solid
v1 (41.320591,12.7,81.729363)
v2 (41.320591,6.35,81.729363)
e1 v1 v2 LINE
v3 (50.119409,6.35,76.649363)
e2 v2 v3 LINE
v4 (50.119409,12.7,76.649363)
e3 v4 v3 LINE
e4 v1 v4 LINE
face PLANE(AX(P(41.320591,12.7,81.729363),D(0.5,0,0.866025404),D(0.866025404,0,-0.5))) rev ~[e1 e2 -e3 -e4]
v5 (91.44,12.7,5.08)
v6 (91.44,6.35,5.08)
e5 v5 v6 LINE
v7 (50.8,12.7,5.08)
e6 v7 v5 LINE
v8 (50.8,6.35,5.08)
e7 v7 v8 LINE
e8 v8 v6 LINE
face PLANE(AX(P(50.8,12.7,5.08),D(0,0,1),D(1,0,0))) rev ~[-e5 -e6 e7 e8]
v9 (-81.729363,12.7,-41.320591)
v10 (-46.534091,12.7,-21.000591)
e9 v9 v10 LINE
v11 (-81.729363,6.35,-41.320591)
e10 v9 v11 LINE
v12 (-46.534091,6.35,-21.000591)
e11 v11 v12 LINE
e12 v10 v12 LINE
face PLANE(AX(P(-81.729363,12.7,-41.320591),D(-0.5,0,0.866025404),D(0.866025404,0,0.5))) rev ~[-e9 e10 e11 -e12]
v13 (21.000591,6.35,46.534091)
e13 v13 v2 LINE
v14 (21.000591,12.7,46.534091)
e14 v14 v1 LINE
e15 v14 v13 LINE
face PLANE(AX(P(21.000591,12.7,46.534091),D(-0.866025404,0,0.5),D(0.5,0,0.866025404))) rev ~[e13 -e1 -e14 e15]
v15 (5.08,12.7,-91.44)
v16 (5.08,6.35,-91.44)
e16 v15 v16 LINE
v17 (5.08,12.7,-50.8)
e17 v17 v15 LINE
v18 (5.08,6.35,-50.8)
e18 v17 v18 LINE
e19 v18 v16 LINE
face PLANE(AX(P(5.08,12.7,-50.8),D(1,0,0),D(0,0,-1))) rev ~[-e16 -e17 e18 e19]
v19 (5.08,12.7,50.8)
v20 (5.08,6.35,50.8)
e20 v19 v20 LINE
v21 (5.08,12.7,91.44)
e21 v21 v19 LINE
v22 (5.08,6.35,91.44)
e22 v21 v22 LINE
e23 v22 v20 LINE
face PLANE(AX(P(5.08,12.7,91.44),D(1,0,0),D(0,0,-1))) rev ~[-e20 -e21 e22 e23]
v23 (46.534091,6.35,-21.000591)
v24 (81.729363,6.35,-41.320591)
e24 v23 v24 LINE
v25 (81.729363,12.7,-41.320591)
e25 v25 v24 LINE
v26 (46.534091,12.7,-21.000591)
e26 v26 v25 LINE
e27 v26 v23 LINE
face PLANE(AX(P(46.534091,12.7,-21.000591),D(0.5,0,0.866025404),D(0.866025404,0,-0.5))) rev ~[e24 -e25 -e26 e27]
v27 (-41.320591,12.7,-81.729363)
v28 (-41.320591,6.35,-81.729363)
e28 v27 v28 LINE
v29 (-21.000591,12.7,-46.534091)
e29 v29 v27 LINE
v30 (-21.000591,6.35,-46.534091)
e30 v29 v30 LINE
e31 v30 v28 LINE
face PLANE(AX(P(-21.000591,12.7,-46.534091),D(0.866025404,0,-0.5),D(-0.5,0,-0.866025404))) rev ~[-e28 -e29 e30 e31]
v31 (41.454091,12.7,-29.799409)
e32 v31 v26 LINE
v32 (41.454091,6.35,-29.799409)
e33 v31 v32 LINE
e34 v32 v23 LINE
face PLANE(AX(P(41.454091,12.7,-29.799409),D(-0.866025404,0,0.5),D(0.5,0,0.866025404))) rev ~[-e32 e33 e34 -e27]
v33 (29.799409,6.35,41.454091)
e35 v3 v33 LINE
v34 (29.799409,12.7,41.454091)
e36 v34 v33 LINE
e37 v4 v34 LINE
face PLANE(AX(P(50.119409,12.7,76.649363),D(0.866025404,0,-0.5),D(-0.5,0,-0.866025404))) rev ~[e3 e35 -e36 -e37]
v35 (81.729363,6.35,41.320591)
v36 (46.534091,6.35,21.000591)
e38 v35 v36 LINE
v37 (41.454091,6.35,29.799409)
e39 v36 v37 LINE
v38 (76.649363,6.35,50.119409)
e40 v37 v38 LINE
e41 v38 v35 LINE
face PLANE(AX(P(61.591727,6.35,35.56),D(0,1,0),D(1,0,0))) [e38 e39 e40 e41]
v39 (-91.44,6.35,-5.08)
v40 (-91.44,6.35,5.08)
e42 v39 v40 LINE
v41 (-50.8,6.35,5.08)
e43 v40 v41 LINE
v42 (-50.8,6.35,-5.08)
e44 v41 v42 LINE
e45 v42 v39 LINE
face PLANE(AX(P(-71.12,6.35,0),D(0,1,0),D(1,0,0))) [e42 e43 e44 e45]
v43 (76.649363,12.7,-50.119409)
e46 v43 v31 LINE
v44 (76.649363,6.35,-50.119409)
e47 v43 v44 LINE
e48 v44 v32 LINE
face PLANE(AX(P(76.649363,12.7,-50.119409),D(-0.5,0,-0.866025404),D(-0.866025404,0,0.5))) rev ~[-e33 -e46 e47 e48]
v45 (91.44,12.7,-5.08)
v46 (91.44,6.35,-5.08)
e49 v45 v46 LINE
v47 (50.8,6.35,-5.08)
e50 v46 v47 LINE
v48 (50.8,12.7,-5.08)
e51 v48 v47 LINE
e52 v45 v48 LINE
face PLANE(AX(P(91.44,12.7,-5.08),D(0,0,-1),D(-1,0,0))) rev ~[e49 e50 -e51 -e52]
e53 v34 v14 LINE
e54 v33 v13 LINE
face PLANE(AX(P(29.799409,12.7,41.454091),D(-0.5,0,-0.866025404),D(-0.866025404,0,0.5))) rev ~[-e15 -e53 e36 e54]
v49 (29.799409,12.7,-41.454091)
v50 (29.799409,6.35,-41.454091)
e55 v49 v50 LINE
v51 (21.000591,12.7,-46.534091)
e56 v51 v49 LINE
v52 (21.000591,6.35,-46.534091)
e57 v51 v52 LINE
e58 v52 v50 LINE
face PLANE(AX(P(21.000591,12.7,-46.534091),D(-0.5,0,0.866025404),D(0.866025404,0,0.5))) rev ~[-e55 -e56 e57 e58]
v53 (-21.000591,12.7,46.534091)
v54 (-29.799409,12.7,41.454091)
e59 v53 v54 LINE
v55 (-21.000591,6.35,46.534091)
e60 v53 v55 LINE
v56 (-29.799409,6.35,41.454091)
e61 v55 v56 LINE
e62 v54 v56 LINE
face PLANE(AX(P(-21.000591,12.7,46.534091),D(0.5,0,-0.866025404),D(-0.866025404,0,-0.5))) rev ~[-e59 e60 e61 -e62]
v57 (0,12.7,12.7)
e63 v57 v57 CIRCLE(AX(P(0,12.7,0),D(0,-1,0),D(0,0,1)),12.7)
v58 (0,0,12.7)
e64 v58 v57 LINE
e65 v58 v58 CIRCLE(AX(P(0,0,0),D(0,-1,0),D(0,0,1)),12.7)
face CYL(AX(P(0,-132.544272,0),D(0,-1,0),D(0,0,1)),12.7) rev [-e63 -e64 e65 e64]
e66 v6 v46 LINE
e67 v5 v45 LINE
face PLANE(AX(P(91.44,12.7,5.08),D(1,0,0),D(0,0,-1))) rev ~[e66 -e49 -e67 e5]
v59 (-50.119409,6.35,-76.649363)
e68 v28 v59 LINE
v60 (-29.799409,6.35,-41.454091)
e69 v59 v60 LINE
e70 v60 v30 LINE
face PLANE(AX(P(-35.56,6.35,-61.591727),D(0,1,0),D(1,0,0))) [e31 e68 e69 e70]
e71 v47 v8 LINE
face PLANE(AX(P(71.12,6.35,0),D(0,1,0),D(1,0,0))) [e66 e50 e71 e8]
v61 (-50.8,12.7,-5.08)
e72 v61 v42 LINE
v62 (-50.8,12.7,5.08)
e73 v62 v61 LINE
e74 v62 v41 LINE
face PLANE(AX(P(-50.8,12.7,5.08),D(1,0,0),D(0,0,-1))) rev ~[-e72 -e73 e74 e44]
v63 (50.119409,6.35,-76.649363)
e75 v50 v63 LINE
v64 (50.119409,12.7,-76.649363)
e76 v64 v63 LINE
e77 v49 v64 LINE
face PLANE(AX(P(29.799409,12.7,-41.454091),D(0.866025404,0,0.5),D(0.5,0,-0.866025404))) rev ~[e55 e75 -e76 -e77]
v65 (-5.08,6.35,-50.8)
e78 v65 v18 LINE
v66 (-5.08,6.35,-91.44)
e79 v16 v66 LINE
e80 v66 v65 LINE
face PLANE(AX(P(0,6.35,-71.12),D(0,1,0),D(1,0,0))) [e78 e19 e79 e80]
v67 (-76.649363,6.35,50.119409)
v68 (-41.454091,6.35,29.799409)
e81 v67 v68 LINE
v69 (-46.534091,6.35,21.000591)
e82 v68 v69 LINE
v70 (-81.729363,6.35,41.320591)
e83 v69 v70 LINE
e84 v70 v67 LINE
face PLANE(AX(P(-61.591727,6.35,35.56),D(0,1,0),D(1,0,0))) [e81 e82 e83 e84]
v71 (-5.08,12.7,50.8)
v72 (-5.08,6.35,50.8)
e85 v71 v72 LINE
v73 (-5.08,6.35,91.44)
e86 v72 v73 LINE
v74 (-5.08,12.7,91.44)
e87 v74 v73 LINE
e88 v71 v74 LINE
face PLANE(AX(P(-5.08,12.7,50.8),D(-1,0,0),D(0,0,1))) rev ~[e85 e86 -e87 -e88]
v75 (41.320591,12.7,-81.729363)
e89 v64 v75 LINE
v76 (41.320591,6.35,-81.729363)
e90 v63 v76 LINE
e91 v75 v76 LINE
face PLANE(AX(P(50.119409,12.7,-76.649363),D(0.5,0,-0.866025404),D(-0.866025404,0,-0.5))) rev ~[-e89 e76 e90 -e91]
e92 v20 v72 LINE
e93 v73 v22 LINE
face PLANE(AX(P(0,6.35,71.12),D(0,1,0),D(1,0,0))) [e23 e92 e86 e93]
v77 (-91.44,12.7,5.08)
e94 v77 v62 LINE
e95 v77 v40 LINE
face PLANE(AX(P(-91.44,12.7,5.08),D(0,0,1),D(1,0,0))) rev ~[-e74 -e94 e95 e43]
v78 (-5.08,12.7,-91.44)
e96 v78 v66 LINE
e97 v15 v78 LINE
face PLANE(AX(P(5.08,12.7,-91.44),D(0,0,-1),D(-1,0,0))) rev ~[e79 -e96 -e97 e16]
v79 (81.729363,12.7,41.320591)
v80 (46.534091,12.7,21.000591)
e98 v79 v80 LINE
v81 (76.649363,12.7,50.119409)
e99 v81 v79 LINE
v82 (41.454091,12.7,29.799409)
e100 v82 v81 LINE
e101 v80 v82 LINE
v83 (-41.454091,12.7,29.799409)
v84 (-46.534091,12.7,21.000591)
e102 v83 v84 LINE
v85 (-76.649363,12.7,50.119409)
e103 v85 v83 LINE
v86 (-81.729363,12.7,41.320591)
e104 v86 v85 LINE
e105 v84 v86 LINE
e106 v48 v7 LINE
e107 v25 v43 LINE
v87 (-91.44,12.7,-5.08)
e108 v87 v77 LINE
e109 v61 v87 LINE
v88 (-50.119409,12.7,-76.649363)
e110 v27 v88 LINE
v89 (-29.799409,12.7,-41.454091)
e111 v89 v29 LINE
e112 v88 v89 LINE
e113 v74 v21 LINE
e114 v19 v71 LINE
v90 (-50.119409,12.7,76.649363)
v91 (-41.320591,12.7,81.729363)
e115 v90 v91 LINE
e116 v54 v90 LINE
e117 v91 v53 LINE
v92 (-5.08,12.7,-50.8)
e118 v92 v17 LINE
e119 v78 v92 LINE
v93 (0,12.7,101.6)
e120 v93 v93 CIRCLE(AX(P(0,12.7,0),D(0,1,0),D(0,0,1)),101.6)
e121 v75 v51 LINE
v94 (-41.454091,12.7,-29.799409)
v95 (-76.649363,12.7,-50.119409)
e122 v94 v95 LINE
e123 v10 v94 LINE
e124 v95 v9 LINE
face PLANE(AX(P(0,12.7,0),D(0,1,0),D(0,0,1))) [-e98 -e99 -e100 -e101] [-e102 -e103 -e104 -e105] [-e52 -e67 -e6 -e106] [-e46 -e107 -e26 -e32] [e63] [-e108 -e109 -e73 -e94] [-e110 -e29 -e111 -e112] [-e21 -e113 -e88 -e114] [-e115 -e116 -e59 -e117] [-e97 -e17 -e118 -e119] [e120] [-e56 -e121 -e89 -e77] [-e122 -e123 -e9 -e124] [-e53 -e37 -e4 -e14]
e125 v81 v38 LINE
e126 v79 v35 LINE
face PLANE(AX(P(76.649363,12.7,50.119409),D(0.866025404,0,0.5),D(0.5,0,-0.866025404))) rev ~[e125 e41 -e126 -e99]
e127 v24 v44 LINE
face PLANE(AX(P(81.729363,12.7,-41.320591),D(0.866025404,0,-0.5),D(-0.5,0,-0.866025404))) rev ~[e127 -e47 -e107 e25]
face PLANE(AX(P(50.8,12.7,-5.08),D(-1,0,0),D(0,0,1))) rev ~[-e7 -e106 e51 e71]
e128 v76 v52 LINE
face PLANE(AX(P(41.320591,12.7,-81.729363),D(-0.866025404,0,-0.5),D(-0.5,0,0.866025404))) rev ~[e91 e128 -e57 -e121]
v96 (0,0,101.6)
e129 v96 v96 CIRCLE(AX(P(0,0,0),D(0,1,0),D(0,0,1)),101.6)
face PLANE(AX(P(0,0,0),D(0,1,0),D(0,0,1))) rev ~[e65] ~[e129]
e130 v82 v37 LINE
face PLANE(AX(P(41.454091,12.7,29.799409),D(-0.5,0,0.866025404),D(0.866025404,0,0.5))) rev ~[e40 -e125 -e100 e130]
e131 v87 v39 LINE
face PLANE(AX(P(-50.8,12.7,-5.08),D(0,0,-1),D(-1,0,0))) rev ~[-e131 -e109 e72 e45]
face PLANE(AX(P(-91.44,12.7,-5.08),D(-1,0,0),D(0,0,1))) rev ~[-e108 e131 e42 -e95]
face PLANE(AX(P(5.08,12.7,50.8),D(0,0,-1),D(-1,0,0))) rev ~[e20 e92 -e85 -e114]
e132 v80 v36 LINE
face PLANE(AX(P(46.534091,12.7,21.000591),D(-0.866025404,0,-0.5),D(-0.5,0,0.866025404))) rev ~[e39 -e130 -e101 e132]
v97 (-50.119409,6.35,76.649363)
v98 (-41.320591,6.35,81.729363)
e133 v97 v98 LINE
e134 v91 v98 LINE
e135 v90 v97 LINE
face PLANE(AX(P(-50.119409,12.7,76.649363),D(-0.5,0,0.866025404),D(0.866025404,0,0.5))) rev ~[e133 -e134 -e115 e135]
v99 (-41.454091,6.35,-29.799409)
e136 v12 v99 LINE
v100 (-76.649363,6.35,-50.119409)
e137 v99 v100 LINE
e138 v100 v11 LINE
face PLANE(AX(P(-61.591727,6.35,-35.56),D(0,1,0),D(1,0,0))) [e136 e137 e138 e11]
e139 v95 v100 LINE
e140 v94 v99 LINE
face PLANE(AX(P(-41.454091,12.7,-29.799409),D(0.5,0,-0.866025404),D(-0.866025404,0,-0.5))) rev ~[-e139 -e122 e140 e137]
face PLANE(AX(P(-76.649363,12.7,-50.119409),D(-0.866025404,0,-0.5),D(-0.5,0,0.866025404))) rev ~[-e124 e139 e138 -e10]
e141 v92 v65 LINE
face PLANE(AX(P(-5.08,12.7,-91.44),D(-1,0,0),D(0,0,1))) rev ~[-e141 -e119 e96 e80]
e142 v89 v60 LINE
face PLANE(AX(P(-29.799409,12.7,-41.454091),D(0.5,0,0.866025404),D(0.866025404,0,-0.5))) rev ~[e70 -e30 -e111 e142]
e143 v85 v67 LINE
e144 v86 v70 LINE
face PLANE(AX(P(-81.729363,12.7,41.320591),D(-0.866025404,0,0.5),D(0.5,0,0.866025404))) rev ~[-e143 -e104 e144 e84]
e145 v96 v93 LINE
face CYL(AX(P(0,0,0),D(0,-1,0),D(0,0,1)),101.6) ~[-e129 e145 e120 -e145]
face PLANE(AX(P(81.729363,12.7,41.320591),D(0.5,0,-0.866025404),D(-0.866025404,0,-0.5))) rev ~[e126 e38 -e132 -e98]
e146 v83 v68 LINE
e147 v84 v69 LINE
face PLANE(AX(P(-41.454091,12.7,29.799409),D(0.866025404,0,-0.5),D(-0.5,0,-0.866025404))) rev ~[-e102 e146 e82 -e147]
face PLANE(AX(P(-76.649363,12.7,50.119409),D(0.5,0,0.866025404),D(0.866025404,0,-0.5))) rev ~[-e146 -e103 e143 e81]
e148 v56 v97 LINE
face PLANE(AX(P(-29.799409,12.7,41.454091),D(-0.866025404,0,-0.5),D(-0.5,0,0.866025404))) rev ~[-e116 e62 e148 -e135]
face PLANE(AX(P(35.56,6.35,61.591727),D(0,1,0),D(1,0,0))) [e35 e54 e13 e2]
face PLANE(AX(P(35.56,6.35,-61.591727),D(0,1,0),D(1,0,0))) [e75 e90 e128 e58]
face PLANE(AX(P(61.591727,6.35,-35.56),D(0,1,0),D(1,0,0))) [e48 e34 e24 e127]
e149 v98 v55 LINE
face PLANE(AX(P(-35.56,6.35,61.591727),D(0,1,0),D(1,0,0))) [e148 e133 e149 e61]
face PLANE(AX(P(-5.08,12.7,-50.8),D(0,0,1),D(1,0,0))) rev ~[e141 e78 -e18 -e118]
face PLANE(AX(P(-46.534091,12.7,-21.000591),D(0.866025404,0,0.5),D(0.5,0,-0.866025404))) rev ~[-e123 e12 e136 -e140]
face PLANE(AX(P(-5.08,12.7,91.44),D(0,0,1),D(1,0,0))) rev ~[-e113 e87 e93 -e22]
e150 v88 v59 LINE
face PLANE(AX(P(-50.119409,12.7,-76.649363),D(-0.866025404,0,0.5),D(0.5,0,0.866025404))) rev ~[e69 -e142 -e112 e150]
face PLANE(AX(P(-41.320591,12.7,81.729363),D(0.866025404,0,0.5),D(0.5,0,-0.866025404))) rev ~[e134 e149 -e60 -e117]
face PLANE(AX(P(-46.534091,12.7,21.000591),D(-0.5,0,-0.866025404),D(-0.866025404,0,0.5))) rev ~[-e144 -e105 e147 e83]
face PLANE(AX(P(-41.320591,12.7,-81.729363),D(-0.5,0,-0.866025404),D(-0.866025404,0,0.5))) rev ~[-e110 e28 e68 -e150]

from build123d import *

# Parameters (mm, degrees)
SKETCH1_R               = 101.6
BOSS_EXTRUDE1_DEPTH     = 12.7
CUT_EXTRUDE1_DEPTH      = 6.35
CUT_EXTRUDE2_DEPTH      = 145.244271983
CUT_EXTRUDE2_DEPTH_BACK = 145.244271983
SKETCH3_R               = 12.7


with BuildPart() as part:
    # Sketch1 → Boss-Extrude1 (new body)
    with BuildSketch(Plane(origin=(0, 0, 0), x_dir=(1, 0, 0), z_dir=(0, 1, 0))):
        with Locations(Location((0, 0, 0), (0, 0, 270))):
            Circle(SKETCH1_R)
    extrude(amount=BOSS_EXTRUDE1_DEPTH)

    # Sketch2 → Cut-Extrude1 (cut)
    with BuildSketch(Plane(origin=(0, 12.7, 0), x_dir=(1, 0, 0), z_dir=(0, 1, 0))):
        Polygon((0, 50.8), (5.08, 50.8), (5.08, 91.44), (0, 91.44), (-5.08, 91.44), (-5.08, 50.8), align=None)
        Polygon((25.4, 43.994090512), (29.799409051, 41.454090512), (50.119409051, 76.649362922), (45.72, 79.189362922), (41.320590949, 81.729362922), (21.000590949, 46.534090512), align=None)
        Polygon((43.994090512, 25.4), (46.534090512, 21.000590949), (81.729362922, 41.320590949), (79.189362922, 45.72), (76.649362922, 50.119409051), (41.454090512, 29.799409051), align=None)
        Polygon((50.8, 0), (50.8, -5.08), (91.44, -5.08), (91.44, 0), (91.44, 5.08), (50.8, 5.08), align=None)
        Polygon((43.994090512, -25.4), (41.454090512, -29.799409051), (76.649362922, -50.119409051), (79.189362922, -45.72), (81.729362922, -41.320590949), (46.534090512, -21.000590949), align=None)
        Polygon((25.4, -43.994090512), (21.000590949, -46.534090512), (41.320590949, -81.729362922), (45.72, -79.189362922), (50.119409051, -76.649362922), (29.799409051, -41.454090512), align=None)
        Polygon((0, -50.8), (-5.08, -50.8), (-5.08, -91.44), (0, -91.44), (5.08, -91.44), (5.08, -50.8), align=None)
        Polygon((-25.4, -43.994090512), (-29.799409051, -41.454090512), (-50.119409051, -76.649362922), (-45.72, -79.189362922), (-41.320590949, -81.729362922), (-21.000590949, -46.534090512), align=None)
        Polygon((-43.994090512, -25.4), (-46.534090512, -21.000590949), (-81.729362922, -41.320590949), (-79.189362922, -45.72), (-76.649362922, -50.119409051), (-41.454090512, -29.799409051), align=None)
        Polygon((-50.8, 0), (-50.8, 5.08), (-91.44, 5.08), (-91.44, 0), (-91.44, -5.08), (-50.8, -5.08), align=None)
        Polygon((-43.994090512, 25.4), (-41.454090512, 29.799409051), (-76.649362922, 50.119409051), (-79.189362922, 45.72), (-81.729362922, 41.320590949), (-46.534090512, 21.000590949), align=None)
        Polygon((-25.4, 43.994090512), (-21.000590949, 46.534090512), (-41.320590949, 81.729362922), (-45.72, 79.189362922), (-50.119409051, 76.649362922), (-29.799409051, 41.454090512), align=None)
    extrude(amount=-CUT_EXTRUDE1_DEPTH, mode=Mode.SUBTRACT)

    # Sketch3 → Cut-Extrude2 (cut, two sides: drawn at the far end of the back side and taken through both)
    with BuildSketch(Plane(origin=(0, 12.7, 0), x_dir=(1, 0, 0), z_dir=(0, 1, 0)).offset(-CUT_EXTRUDE2_DEPTH_BACK)):
        with Locations(Location((0, 0, 0), (0, 0, 270))):
            Circle(SKETCH3_R)
    extrude(amount=CUT_EXTRUDE2_DEPTH + CUT_EXTRUDE2_DEPTH_BACK, mode=Mode.SUBTRACT)


solid = part.part
